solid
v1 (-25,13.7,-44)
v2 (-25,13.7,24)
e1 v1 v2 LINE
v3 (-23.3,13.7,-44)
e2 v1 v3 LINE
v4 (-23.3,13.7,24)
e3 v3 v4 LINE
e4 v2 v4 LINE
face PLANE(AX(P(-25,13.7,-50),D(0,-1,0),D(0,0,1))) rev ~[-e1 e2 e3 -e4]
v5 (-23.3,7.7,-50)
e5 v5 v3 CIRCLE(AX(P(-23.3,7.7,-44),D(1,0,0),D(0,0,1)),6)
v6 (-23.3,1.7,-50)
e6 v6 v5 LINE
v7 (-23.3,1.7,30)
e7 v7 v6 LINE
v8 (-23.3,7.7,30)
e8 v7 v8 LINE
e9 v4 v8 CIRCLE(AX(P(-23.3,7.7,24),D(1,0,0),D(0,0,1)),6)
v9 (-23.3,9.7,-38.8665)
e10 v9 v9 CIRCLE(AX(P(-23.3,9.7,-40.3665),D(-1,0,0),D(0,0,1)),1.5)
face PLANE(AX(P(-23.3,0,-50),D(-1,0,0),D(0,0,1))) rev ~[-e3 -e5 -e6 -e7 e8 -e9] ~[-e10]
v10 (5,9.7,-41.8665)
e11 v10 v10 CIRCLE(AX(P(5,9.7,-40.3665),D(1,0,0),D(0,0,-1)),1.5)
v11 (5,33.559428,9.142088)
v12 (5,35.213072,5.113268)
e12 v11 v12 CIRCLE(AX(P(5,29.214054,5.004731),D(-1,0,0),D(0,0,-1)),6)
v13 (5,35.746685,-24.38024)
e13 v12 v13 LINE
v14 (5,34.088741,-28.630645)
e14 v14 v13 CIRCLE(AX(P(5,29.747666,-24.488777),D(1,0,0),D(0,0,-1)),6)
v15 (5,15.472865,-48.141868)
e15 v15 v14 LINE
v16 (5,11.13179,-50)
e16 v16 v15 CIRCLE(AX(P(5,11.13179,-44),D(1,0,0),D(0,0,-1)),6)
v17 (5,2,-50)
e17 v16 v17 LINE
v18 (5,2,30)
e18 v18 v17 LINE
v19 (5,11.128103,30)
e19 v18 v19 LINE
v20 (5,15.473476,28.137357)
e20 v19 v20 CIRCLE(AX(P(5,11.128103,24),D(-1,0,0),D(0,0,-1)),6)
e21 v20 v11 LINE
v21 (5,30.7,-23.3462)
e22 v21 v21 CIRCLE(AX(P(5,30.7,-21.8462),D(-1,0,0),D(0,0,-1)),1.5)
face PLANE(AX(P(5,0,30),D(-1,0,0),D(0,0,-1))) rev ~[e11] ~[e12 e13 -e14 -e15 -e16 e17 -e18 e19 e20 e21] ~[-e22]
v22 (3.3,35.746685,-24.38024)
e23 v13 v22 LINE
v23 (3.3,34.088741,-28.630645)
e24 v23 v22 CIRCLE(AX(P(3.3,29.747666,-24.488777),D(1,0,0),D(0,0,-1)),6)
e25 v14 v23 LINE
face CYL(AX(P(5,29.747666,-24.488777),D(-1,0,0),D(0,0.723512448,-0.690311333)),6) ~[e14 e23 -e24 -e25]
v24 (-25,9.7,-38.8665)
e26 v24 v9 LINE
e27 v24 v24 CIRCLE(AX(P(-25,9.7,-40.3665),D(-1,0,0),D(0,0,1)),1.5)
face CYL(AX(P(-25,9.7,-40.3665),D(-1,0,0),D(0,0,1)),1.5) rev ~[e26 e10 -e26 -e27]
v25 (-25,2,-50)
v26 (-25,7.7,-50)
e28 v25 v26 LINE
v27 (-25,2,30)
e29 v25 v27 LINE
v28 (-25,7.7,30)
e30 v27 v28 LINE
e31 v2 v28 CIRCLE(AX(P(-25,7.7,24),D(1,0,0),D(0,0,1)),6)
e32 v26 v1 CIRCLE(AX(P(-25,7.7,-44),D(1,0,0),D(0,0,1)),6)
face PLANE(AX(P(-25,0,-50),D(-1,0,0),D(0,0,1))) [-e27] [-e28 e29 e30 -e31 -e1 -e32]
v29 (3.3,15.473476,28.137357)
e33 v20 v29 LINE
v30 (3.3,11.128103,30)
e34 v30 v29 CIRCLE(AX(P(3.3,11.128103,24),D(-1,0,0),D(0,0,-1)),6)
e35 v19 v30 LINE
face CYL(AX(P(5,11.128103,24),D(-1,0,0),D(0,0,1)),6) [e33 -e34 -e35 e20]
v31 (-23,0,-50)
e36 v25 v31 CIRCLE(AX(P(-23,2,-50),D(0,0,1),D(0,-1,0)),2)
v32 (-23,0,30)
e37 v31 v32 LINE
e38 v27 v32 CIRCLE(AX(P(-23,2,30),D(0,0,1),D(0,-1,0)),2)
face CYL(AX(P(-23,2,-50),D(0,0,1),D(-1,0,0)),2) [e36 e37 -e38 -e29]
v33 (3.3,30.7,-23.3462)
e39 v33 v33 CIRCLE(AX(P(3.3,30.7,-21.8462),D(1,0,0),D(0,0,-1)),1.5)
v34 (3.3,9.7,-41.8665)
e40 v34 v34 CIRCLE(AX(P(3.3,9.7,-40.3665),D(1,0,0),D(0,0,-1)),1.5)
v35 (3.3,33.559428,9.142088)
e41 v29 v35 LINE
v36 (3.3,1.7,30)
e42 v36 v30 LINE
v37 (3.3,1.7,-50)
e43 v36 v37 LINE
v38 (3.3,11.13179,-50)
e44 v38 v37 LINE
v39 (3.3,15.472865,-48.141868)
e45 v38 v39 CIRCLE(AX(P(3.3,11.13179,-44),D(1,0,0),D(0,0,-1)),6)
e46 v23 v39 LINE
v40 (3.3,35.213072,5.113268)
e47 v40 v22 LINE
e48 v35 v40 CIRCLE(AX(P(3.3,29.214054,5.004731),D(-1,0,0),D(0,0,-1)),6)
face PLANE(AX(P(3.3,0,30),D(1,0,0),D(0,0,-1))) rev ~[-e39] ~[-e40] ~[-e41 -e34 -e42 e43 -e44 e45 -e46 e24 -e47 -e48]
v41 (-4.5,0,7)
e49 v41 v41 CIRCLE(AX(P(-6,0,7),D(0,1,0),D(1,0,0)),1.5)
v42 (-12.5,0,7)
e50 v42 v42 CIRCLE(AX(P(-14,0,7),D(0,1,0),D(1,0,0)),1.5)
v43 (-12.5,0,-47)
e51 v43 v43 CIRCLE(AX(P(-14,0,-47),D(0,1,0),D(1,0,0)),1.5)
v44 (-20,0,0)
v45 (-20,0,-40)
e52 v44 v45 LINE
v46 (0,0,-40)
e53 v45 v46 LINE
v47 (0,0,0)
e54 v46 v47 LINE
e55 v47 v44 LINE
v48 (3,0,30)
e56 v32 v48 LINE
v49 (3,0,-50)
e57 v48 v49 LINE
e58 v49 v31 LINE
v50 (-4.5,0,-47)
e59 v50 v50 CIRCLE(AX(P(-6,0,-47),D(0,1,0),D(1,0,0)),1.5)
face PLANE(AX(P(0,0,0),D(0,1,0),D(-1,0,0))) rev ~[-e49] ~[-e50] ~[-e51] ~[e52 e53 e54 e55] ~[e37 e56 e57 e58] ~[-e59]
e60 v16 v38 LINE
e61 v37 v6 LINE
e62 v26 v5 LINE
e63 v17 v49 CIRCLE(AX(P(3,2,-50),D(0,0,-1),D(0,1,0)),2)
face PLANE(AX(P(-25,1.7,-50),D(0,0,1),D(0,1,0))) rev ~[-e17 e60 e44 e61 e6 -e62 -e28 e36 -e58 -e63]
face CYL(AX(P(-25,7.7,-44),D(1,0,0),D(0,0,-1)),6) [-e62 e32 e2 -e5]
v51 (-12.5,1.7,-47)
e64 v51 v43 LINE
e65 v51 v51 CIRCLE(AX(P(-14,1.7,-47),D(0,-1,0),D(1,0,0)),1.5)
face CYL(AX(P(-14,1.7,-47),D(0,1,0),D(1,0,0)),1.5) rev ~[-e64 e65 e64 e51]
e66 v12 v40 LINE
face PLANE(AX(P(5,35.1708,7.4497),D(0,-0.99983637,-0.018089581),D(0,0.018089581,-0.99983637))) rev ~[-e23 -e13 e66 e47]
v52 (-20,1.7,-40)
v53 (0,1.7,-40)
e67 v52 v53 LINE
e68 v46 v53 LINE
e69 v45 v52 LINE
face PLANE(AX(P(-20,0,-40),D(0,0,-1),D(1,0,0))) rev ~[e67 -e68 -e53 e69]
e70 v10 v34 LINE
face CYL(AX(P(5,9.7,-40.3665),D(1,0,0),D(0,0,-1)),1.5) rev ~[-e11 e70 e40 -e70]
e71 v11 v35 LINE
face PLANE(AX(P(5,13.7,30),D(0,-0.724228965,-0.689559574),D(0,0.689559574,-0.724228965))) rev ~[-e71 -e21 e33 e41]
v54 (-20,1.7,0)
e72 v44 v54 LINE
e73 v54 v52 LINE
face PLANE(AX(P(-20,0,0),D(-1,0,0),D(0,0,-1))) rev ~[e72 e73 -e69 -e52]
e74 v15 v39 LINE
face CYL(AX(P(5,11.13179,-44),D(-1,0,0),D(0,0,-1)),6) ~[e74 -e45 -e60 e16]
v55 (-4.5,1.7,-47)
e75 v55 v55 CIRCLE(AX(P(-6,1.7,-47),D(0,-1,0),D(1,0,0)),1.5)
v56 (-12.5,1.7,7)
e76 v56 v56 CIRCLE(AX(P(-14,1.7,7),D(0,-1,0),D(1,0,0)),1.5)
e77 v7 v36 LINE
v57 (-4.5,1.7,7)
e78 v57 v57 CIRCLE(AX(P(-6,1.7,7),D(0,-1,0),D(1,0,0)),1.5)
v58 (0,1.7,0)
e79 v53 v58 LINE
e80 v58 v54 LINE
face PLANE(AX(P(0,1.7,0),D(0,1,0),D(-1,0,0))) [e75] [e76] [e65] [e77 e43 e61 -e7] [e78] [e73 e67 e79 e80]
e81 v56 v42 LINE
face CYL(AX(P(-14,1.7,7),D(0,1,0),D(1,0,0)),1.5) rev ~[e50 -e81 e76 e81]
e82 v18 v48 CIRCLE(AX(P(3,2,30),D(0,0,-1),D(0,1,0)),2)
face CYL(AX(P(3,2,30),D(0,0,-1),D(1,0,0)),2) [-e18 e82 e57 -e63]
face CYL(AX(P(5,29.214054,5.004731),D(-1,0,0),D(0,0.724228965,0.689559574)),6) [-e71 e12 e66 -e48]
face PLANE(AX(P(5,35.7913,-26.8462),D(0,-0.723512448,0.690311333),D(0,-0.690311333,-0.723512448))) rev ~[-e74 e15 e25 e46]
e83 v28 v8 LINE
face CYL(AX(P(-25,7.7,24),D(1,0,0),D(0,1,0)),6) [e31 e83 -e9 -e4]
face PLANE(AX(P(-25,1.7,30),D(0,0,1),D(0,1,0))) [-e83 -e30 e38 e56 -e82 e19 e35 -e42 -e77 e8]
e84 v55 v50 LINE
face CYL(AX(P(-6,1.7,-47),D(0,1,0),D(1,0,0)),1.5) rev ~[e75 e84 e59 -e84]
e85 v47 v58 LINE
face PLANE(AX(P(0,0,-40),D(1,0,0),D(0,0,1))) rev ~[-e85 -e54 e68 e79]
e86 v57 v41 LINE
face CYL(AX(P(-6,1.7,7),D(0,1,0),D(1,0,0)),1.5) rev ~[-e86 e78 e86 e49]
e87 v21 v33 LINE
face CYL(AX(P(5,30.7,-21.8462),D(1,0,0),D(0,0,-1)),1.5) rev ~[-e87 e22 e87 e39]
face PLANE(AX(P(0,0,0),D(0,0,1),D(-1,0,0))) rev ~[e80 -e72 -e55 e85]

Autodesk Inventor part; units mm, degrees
ref_plane "YZ Plane" through (0, 0, 0) normal (1, 0, 0) x (0, 1, 0)
ref_plane "XZ Plane" through (0, 0, 0) normal (0, 1, 0) x (-1, 0, 0)
ref_plane "XY Plane" through (0, 0, 0) normal (0, 0, 1) x (1, 0, 0)
sketch "Sketch1" plane through (0, 0, 0) normal (0, 1, 0) x (-1, 0, 0)
  line L0 (0, 0) -> (20, 0)
  line L1 (20, 0) -> (20, -40)
  line L2 (20, -40) -> (0, -40)
  line L3 (0, -40) -> (0, 0)
  line L4 (25, 30) -> (-5, 30)
  line L5 (-5, 30) -> (-5, -50)
  line L6 (-5, -50) -> (25, -50)
  line L7 (25, -50) -> (25, 30)
  dimension "d0" = 20
  dimension "d1" = 40
  dimension "d2" = 30
  dimension "d3" = 30
  dimension "d4" = 10
  dimension "d5" = 5
extrude "Extrusion1" add sketch "Sketch1" along normal blind 1.7
sketch "Sketch2" plane through (5, 0, 30) normal (1, 0, 0) x (0, 0, -1)
  line L0 (0, 0) -> (0, 1.7) projected
  line L1 (0, 1.7) -> (0, 13.7)
  line L2 (0, 13.7) -> (22.5503, 35.1708)
  line L3 (22.5503, 35.1708) -> (56.8462, 35.7913)
  line L4 (56.8462, 35.7913) -> (80, 13.7)
  line L5 (80, 0) -> (80, 1.7) projected
  line L6 (80, 13.7) -> (80, 1.7)
  line L7 (0, 1.7) -> (80, 1.7) projected
  circle A0 centre (70.3665, 9.7) radius 1.5
  circle A1 centre (70.3665, 9.7) radius 28
  line L8 (24.8863, 30.7) -> (59.3173, 30.7)
  circle A2 centre (51.8462, 30.7) radius 1.5
  point P0 (30, 0)
  dimension "d11" = 56
  dimension "d8" = 0
  dimension "d9" = 3
  dimension "d10" = 8
  dimension "d12" = 29
  dimension "d13" = 3
  dimension "d14" = 5
  dimension "d15" = 5
  dimension "d16" = 12
  dimension "d19" = 12
extrude "Extrusion2" add sketch "Sketch2" against normal blind 1.7 contours L1 L2 L3 L4 A1 A2 L7 | A1 A2 L4 L6 L7
sketch "Sketch3" plane through (-25, 0, -50) normal (-1, 0, 0) x (0, 0, 1)
  line L0 (0, 0) -> (0, 13.7) projected
  line L1 (23.1538, 35.7913) -> (0, 13.7) projected
  line L2 (0, 1.667) -> (0, 13.7)
  line L3 (0, 13.7) -> (80, 13.7)
  line L4 (80, 1.7) -> (0, 1.7) projected
  line L5 (80, 0) -> (80, 1.7) projected
  line L6 (0, 1.7) -> (80, 1.7)
  line L7 (80, 1.7) -> (80, 13.7)
  circle A0 centre (9.6335, 9.7) radius 1.5 projected
  circle A1 centre (9.6335, 9.7) radius 1.5
  point P0 (50, 0)
  dimension "d20" = 80
  dimension "d21" = 3
extrude "Extrusion3" add sketch "Sketch3" against normal blind 1.7
fillet "Fillet1" radius 2 2 edges at (-25, 0, -10) (5, 0, -10)
fillet "Fillet2" radius 6 6 edges at (4.15, 13.7, 30) (4.15, 35.1708, 7.4497) (4.15, 35.7913, -26.8462) (4.15, 13.7, -50) (-24.15, 13.7, -50) (-24.15, 13.7, 30)
sketch "Sketch4" plane through (0, 1.7, 0) normal (0, 1, 0) x (1, 0, 0)
  line L0 (-6, 47) -> (-14, 47)
  line L1 (-14, 47) -> (-14, -7)
  line L2 (-14, -7) -> (-6, -7)
  line L3 (-6, -7) -> (-6, 47)
  line L4 (-20, 0) -> (-20, 40) projected
  line L5 (-20, 40) -> (0, 40) projected
  circle A0 centre (-6, 47) radius 1.5
  circle A1 centre (-14, 47) radius 1.5
  circle A2 centre (-6, -7) radius 1.5
  circle A3 centre (-14, -7) radius 1.5
  point P0 (0, 0)
  point P1 (-10, 40)
  dimension "d26" = 8
  dimension "d27" = 54
  dimension "d28" = 6
  dimension "d29" = 7
  dimension "d30" = 3
  dimension "d31" = 3
  dimension "d32" = 3
  dimension "d33" = 3
extrude "Extrusion4" cut sketch "Sketch4" against normal through all contours A1 L1 L0 | L0 L1 A1 | A0 L3 L0 | L0 L3 A0 | A3 L2 L1 | L1 L2 A3 | A2 L2 L3 | L3 L2 A2
properties part number "gripper servo mount"
